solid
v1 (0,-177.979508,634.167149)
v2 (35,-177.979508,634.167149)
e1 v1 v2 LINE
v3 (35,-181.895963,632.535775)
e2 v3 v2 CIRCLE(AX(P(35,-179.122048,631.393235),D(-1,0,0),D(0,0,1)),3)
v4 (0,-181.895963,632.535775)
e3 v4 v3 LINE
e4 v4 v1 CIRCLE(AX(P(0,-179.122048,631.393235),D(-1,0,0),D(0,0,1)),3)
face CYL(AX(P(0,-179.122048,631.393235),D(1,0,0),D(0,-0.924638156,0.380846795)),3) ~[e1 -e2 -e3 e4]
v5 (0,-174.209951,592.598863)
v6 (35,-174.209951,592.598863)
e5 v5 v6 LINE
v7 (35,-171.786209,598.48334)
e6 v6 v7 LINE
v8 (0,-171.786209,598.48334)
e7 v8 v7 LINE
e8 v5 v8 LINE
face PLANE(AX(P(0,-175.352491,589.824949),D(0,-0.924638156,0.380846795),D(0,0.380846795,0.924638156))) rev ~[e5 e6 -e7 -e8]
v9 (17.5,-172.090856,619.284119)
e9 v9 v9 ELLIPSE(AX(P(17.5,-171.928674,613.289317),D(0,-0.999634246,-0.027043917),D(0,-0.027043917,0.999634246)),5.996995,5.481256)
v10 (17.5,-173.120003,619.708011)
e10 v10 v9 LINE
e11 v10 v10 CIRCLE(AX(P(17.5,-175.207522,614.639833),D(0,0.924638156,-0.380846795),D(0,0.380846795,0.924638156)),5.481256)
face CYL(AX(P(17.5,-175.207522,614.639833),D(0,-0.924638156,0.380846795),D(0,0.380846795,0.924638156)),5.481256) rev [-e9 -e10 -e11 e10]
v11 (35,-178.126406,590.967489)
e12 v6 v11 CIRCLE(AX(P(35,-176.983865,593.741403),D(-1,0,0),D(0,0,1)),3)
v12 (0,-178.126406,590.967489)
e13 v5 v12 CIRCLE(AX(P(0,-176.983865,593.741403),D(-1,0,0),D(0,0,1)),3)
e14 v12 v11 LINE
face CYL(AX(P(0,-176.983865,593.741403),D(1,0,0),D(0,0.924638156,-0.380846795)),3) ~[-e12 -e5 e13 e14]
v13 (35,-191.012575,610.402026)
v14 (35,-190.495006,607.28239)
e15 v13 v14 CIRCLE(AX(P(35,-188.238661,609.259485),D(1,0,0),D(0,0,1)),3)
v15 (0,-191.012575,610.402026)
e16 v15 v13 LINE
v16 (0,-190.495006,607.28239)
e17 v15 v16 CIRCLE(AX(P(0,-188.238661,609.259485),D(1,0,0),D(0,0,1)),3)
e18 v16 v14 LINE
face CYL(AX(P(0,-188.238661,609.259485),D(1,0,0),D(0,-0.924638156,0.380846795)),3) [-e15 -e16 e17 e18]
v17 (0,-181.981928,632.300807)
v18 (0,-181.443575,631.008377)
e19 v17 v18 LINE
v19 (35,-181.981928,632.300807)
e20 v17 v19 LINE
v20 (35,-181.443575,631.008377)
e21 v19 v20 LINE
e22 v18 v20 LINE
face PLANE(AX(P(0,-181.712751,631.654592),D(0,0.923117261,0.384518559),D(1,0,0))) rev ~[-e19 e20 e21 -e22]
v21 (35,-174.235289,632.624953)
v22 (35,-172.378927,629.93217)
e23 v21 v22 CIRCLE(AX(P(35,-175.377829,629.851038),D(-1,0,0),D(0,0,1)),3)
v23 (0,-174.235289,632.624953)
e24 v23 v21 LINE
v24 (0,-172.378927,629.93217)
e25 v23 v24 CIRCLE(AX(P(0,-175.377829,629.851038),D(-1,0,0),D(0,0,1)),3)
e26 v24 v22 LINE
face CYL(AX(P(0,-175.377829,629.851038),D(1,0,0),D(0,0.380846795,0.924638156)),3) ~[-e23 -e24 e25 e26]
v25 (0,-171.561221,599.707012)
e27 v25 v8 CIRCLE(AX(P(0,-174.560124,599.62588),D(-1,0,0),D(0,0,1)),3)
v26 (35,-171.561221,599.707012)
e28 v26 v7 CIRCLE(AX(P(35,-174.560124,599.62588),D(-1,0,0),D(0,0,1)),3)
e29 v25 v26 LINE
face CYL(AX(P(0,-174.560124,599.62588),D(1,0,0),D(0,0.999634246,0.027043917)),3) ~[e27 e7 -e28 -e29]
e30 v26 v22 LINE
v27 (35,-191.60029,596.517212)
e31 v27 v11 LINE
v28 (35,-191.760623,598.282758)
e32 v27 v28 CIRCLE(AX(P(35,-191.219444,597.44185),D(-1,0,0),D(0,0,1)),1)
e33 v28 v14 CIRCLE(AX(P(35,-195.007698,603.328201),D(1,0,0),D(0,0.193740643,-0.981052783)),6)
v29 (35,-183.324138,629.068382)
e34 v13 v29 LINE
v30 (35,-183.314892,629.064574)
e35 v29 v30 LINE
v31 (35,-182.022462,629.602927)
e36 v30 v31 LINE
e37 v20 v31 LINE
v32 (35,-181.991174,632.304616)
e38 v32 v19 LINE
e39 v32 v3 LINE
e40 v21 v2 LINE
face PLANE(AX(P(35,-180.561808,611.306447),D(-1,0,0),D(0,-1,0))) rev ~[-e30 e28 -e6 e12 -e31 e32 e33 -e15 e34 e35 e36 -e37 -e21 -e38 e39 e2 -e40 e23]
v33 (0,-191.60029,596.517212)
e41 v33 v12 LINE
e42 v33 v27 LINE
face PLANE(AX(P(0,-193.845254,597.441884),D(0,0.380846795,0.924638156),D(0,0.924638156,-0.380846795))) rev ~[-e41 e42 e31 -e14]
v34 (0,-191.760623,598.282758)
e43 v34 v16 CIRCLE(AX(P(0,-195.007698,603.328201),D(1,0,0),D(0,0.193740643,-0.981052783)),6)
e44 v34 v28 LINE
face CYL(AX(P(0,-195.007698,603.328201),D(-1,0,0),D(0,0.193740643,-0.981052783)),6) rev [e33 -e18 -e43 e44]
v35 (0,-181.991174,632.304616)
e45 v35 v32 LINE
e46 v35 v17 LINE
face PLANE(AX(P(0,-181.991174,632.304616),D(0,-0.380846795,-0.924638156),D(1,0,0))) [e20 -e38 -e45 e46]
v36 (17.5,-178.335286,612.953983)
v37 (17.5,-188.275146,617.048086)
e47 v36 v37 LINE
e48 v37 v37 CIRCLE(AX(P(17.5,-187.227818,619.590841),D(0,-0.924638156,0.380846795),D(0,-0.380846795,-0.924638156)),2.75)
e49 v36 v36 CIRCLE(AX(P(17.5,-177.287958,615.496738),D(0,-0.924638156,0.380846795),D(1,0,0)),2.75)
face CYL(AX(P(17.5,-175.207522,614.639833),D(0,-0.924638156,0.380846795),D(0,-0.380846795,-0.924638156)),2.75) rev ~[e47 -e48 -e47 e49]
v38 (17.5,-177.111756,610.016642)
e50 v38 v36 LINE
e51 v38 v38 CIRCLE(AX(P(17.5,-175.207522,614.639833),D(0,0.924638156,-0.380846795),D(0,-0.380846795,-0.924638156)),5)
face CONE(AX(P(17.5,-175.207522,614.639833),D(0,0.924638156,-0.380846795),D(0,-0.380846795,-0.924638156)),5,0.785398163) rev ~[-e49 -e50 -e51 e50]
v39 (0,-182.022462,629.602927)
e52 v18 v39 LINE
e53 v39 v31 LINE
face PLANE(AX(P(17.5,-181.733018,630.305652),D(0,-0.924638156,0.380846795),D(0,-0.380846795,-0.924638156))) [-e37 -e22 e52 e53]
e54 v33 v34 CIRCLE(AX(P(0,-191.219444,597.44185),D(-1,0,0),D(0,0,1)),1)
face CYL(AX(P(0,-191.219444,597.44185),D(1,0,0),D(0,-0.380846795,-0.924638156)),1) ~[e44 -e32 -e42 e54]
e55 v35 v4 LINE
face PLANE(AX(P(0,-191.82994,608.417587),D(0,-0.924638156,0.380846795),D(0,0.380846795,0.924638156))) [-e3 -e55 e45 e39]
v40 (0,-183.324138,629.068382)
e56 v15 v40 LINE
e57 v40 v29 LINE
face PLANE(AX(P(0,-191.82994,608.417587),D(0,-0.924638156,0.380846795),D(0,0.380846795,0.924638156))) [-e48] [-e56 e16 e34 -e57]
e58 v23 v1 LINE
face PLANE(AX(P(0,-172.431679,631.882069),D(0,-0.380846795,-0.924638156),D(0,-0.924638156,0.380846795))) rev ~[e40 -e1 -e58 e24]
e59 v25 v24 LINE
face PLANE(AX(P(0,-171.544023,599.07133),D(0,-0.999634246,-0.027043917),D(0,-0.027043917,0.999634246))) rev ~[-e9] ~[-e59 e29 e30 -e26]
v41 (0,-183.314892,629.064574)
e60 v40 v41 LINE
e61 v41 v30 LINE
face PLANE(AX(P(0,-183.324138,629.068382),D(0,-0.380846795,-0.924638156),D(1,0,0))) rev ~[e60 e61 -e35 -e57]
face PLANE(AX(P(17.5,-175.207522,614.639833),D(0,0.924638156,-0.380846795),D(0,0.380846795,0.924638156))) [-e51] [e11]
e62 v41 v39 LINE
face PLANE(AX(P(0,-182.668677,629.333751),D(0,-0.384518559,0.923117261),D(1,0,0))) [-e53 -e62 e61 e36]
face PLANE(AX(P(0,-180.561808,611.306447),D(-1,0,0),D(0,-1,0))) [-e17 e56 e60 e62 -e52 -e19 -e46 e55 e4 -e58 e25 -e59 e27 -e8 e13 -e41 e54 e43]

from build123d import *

# Parameters (mm, degrees)
PAD001_DEPTH        = 35
HOLE002_D           = 5.5
HOLE002_CSINK_D     = 10
HOLE002_CSINK_ANGLE = 90
SKETCH004_R         = 6.501169
SKETCH004_R_2       = 5.481256
POCKET_DEPTH        = 12.8390795694
SKETCH007_W         = 3.5
SKETCH007_H         = 35
POCKET002_DEPTH     = 1
CHAMFER_SIZE        = 0.99
FILLET007_R         = 3
FILLET008_R         = 1


with BuildPart() as part:
    # Sketch002 → Pad001 (new body)
    with BuildSketch(Plane.YZ):
        with BuildLine():
            Line((-191.8299400553, 608.417587482), (-180.7534222613, 635.3096898309))
            Line((-172.4316788603, 631.8820686779), (-180.7534222613, 635.3096898309))
            Line((-171.5440233176, 599.0713301394), (-172.4316788603, 631.8820686779))
            Line((-175.3524912653, 589.8249485827), (-171.5440233176, 599.0713301394))
            Line((-193.8452543786, 597.4418844782), (-175.3524912653, 589.8249485827))
            ThreePointArc((-193.8452543786, 597.4418844782), (-189.1063549521, 602.2446203225), (-191.8299400553, 608.417587482))
        make_face()
    extrude(amount=PAD001_DEPTH)

    # Hole002 (through all)
    with Locations(Plane(origin=(0, -366.2373103971, 150.8485291635), x_dir=(0, 0.3808467948, 0.9246381557), z_dir=(0, 0.9246381557, -0.3808467948))):
        with Locations((-506.967621, 13.13074), (501.5922183693, 17.5)):
            CounterSinkHole(HOLE002_D / 2, HOLE002_CSINK_D / 2, counter_sink_angle=HOLE002_CSINK_ANGLE)

    # Sketch004 (on DatumPlane) → Pocket (cut, through all)
    with BuildSketch(Plane(origin=(0, -366.2373103971, 150.8485291635), x_dir=(0, 0.3808467948, 0.9246381557), z_dir=(0, 0.9246381557, -0.3808467948))):
        with Locations((-506.967621, 13.13074)):
            Circle(SKETCH004_R)
        with Locations((501.5922183693, 17.5)):
            Circle(SKETCH004_R_2)
    extrude(amount=POCKET_DEPTH, mode=Mode.SUBTRACT)

    # Sketch007 (on Face6 of Pocket) → Pocket002 (cut)
    with BuildSketch(Plane(origin=(0, -378.2576064208, 155.7995374955), x_dir=(0, -0.3808467948, -0.9246381557), z_dir=(0, -0.9246381557, 0.3808467948))):
        with Locations((-513.5922183693, 17.5)):
            Rectangle(SKETCH007_W, SKETCH007_H)
    extrude(amount=-POCKET002_DEPTH, mode=Mode.SUBTRACT)

    # Chamfer
    chamfer_edges = [part.edges().sort_by_distance(p)[0] for p in [
        (17.5, -181.066536, 631.923769),
        (17.5, -182.3995, 628.687535),
    ]]
    chamfer(chamfer_edges, length=CHAMFER_SIZE)

    # Fillet007
    fillet007_edges = [part.edges().sort_by_distance(p)[0] for p in [
        (17.5, -175.352491, 589.824949),
        (17.5, -191.82994, 608.417587),
        (17.5, -171.544023, 599.07133),
        (17.5, -172.431679, 631.882069),
        (17.5, -180.753422, 635.30969),
    ]]
    fillet(fillet007_edges, radius=FILLET007_R)

    # Fillet008
    fillet008_edges = [part.edges().sort_by_distance(p)[0] for p in [
        (17.5, -193.845254, 597.441884),
    ]]
    fillet(fillet008_edges, radius=FILLET008_R)


solid = part.part
